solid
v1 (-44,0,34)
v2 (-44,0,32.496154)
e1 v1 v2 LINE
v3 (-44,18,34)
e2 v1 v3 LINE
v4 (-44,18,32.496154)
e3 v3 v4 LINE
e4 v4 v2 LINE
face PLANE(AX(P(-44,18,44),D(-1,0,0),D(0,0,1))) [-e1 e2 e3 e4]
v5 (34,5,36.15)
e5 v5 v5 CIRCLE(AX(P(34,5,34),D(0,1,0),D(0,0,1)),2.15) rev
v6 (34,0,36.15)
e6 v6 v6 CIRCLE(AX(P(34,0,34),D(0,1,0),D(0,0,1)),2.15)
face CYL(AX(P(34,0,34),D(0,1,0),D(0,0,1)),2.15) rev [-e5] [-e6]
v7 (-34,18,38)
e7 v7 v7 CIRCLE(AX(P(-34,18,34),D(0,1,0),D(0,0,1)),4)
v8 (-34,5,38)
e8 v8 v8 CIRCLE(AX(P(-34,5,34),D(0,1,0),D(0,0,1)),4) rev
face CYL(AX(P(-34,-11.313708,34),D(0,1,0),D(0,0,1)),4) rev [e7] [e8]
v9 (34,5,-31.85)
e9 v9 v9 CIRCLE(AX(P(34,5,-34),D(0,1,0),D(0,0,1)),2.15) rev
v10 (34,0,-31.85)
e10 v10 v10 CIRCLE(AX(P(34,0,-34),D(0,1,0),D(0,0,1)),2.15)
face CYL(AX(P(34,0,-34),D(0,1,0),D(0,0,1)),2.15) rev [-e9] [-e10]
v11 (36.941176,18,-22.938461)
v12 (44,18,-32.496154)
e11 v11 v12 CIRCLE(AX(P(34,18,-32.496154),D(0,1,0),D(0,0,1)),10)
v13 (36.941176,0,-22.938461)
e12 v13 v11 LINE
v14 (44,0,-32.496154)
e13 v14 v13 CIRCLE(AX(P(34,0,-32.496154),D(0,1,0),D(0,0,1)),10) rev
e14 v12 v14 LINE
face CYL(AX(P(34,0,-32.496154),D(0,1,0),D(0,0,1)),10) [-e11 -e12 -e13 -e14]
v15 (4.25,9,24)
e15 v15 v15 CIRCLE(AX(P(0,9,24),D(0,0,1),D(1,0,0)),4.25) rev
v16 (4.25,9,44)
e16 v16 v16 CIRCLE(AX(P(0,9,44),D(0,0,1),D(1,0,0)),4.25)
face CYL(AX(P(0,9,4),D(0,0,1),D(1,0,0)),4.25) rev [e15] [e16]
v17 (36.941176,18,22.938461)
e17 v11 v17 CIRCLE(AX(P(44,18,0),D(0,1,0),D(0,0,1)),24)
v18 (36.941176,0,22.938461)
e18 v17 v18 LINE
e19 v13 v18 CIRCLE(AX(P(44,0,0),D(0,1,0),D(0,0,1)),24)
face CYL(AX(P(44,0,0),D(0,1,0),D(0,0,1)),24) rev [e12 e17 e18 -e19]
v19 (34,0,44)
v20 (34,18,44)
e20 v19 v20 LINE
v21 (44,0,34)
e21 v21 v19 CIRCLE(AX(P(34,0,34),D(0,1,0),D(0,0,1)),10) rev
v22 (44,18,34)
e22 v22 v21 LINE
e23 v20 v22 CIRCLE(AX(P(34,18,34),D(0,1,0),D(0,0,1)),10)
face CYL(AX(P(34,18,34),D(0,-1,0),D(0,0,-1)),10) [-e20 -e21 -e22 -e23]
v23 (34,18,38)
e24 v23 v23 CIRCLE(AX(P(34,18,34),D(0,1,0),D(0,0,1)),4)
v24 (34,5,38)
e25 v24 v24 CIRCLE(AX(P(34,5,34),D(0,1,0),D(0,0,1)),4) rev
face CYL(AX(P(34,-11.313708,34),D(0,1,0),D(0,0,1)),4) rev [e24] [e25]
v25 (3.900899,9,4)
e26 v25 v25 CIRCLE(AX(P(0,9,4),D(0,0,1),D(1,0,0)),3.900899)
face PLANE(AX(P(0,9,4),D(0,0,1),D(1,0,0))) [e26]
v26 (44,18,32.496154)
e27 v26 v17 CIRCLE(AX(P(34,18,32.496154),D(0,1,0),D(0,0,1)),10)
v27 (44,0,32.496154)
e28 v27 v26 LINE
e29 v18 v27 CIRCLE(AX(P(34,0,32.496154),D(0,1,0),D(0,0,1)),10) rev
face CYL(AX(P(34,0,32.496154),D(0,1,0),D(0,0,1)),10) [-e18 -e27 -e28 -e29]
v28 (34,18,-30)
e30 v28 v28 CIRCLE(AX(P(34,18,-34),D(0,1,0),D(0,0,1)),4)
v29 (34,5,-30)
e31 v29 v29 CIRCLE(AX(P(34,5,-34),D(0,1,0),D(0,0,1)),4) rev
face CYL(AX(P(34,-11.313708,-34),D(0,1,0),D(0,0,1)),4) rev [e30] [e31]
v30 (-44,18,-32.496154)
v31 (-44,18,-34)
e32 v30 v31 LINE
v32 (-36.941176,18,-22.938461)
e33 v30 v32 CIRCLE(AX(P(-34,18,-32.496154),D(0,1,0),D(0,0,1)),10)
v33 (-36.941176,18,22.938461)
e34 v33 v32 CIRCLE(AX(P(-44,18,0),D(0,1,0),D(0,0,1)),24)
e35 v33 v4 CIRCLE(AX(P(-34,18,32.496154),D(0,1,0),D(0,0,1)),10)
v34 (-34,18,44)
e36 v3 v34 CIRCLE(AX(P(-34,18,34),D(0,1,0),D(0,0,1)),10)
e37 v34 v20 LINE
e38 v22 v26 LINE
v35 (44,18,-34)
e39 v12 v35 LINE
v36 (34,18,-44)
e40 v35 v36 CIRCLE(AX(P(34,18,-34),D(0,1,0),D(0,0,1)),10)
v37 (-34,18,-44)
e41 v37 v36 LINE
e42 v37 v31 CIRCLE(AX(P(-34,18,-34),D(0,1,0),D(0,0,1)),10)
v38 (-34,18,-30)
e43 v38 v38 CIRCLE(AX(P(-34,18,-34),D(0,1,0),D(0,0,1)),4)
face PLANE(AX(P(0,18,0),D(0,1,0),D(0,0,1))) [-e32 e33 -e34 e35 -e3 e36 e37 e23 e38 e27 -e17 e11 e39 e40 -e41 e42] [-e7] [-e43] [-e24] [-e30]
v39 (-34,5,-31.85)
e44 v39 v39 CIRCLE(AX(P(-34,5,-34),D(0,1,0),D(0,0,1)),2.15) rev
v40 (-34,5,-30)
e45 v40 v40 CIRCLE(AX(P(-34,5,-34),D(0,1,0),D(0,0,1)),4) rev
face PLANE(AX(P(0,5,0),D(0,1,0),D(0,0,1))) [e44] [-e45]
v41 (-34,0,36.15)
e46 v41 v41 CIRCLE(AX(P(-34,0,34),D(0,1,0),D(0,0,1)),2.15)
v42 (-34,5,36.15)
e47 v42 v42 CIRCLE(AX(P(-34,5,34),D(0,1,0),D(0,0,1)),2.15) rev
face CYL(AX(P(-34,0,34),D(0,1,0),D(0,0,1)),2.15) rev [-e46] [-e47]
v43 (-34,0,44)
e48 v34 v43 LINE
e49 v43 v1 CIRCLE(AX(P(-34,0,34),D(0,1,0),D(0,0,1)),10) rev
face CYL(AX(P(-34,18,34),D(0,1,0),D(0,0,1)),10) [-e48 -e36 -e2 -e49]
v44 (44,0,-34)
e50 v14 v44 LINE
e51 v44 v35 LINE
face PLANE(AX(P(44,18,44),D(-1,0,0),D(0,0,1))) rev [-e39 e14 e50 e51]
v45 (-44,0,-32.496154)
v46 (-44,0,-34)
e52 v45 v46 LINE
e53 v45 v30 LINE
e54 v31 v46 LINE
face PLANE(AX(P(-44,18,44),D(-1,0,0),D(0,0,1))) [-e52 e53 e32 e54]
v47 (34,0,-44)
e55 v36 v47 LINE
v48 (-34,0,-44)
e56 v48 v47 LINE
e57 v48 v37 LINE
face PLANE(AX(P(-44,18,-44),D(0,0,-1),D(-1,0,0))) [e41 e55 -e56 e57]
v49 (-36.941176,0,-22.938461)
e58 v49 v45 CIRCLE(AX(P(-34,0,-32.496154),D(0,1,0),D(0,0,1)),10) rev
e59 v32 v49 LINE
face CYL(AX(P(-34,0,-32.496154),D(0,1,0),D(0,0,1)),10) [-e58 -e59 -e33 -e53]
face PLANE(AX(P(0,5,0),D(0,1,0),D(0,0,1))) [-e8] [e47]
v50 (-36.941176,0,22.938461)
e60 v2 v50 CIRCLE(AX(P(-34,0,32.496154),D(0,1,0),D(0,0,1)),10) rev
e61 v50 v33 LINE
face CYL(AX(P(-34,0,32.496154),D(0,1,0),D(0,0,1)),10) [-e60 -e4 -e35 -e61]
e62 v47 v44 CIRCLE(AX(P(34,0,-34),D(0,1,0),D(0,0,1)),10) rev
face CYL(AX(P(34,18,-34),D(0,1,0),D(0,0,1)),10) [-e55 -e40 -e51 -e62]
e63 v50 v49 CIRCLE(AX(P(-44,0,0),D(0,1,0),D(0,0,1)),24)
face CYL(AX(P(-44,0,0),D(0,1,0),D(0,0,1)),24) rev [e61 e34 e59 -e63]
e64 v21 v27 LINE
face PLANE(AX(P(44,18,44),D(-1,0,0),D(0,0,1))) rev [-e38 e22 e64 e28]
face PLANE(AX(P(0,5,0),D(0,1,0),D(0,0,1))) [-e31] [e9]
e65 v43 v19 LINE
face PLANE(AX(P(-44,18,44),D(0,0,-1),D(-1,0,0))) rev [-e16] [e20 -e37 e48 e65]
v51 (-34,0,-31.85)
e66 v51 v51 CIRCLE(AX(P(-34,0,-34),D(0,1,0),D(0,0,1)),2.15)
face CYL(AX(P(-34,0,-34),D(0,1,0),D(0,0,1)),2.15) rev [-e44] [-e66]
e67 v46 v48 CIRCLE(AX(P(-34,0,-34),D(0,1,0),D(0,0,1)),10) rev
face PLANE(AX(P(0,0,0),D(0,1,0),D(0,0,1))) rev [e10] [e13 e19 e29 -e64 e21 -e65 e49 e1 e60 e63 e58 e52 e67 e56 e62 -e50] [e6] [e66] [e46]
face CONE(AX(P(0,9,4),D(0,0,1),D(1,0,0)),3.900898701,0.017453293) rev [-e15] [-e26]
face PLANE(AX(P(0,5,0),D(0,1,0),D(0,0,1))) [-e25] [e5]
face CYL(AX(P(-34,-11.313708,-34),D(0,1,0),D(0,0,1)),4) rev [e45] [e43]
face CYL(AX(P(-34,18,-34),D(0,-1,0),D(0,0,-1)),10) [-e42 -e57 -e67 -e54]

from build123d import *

# Parameters (mm, degrees)
SKETCH1_W           = 88
SKETCH1_H           = 88
BOSS_EXTRUDE1_DEPTH = 18
FILLET1_R           = 10
SKETCH2_R           = 2.15
CUT_EXTRUDE1_DEPTH  = 19
SKETCH5_R           = 4
CUT_EXTRUDE4_DEPTH  = 13
SKETCH6_R           = 4.25
CUT_EXTRUDE5_DEPTH  = 40
CHAMFER1_SIZE       = 20
CHAMFER1_SIZE2      = 0.349101299
SKETCH7_R           = 24
CUT_EXTRUDE6_DEPTH  = 19
FILLET2_R           = 10


with BuildPart() as part:
    # Sketch1 → Boss-Extrude1 (new body)
    with BuildSketch(Plane(origin=(0, 0, 0), x_dir=(1, 0, 0), z_dir=(0, 1, 0))):
        Rectangle(SKETCH1_W, SKETCH1_H)
    extrude(amount=BOSS_EXTRUDE1_DEPTH)

    # Fillet1
    fillet1_edges = [part.edges().sort_by_distance(p)[0] for p in [
        (-44, 9, -44),
        (-44, 9, 44),
        (44, 9, 44),
        (44, 9, -44),
    ]]
    fillet(fillet1_edges, radius=FILLET1_R)

    # Sketch2 → Cut-Extrude1 (cut, through all)
    with BuildSketch(Plane(origin=(0, 18, 0), x_dir=(1, 0, 0), z_dir=(0, 1, 0))):
        with Locations((-34, 34)):
            Circle(SKETCH2_R)
        with Locations((34, 34)):
            Circle(SKETCH2_R)
        with Locations((34, -34)):
            Circle(SKETCH2_R)
        with Locations((-34, -34)):
            Circle(SKETCH2_R)
    extrude(amount=-CUT_EXTRUDE1_DEPTH, mode=Mode.SUBTRACT)

    # Sketch5 → Cut-Extrude4 (cut)
    with BuildSketch(Plane(origin=(0, 18, 0), x_dir=(1, 0, 0), z_dir=(0, 1, 0))):
        with Locations((-34, 34)):
            Circle(SKETCH5_R)
        with Locations((34, 34)):
            Circle(SKETCH5_R)
        with Locations((34, -34)):
            Circle(SKETCH5_R)
        with Locations((-34, -34)):
            Circle(SKETCH5_R)
    extrude(amount=-CUT_EXTRUDE4_DEPTH, mode=Mode.SUBTRACT)

    # Sketch6 → Cut-Extrude5 (cut)
    with BuildSketch(Plane.XY.offset(44)):
        with Locations((0, 9)):
            Circle(SKETCH6_R)
    extrude(amount=-CUT_EXTRUDE5_DEPTH, mode=Mode.SUBTRACT)

    # Chamfer1
    chamfer1_edges = [part.edges().sort_by_distance(p)[0] for p in [
        (-4.25, 9, 4),
    ]]
    chamfer1_side = [part.faces().sort_by_distance(p)[0] for p in [
        (-4.25, 9, 24),
    ]]
    chamfer(chamfer1_edges, length=CHAMFER1_SIZE, length2=CHAMFER1_SIZE2, reference=chamfer1_side[0])

    # Sketch7 → Cut-Extrude6 (cut, through all)
    with BuildSketch(Plane(origin=(0, 18, 0), x_dir=(1, 0, 0), z_dir=(0, 1, 0))):
        with Locations((-44, 0)):
            Circle(SKETCH7_R)
        with Locations((44, 0)):
            Circle(SKETCH7_R)
    extrude(amount=-CUT_EXTRUDE6_DEPTH, mode=Mode.SUBTRACT)

    # Fillet2
    fillet2_edges = [part.edges().sort_by_distance(p)[0] for p in [
        (-44, 9, 24),
        (-44, 9, -24),
        (44, 9, 24),
        (44, 9, -24),
    ]]
    fillet(fillet2_edges, radius=FILLET2_R)


solid = part.part
